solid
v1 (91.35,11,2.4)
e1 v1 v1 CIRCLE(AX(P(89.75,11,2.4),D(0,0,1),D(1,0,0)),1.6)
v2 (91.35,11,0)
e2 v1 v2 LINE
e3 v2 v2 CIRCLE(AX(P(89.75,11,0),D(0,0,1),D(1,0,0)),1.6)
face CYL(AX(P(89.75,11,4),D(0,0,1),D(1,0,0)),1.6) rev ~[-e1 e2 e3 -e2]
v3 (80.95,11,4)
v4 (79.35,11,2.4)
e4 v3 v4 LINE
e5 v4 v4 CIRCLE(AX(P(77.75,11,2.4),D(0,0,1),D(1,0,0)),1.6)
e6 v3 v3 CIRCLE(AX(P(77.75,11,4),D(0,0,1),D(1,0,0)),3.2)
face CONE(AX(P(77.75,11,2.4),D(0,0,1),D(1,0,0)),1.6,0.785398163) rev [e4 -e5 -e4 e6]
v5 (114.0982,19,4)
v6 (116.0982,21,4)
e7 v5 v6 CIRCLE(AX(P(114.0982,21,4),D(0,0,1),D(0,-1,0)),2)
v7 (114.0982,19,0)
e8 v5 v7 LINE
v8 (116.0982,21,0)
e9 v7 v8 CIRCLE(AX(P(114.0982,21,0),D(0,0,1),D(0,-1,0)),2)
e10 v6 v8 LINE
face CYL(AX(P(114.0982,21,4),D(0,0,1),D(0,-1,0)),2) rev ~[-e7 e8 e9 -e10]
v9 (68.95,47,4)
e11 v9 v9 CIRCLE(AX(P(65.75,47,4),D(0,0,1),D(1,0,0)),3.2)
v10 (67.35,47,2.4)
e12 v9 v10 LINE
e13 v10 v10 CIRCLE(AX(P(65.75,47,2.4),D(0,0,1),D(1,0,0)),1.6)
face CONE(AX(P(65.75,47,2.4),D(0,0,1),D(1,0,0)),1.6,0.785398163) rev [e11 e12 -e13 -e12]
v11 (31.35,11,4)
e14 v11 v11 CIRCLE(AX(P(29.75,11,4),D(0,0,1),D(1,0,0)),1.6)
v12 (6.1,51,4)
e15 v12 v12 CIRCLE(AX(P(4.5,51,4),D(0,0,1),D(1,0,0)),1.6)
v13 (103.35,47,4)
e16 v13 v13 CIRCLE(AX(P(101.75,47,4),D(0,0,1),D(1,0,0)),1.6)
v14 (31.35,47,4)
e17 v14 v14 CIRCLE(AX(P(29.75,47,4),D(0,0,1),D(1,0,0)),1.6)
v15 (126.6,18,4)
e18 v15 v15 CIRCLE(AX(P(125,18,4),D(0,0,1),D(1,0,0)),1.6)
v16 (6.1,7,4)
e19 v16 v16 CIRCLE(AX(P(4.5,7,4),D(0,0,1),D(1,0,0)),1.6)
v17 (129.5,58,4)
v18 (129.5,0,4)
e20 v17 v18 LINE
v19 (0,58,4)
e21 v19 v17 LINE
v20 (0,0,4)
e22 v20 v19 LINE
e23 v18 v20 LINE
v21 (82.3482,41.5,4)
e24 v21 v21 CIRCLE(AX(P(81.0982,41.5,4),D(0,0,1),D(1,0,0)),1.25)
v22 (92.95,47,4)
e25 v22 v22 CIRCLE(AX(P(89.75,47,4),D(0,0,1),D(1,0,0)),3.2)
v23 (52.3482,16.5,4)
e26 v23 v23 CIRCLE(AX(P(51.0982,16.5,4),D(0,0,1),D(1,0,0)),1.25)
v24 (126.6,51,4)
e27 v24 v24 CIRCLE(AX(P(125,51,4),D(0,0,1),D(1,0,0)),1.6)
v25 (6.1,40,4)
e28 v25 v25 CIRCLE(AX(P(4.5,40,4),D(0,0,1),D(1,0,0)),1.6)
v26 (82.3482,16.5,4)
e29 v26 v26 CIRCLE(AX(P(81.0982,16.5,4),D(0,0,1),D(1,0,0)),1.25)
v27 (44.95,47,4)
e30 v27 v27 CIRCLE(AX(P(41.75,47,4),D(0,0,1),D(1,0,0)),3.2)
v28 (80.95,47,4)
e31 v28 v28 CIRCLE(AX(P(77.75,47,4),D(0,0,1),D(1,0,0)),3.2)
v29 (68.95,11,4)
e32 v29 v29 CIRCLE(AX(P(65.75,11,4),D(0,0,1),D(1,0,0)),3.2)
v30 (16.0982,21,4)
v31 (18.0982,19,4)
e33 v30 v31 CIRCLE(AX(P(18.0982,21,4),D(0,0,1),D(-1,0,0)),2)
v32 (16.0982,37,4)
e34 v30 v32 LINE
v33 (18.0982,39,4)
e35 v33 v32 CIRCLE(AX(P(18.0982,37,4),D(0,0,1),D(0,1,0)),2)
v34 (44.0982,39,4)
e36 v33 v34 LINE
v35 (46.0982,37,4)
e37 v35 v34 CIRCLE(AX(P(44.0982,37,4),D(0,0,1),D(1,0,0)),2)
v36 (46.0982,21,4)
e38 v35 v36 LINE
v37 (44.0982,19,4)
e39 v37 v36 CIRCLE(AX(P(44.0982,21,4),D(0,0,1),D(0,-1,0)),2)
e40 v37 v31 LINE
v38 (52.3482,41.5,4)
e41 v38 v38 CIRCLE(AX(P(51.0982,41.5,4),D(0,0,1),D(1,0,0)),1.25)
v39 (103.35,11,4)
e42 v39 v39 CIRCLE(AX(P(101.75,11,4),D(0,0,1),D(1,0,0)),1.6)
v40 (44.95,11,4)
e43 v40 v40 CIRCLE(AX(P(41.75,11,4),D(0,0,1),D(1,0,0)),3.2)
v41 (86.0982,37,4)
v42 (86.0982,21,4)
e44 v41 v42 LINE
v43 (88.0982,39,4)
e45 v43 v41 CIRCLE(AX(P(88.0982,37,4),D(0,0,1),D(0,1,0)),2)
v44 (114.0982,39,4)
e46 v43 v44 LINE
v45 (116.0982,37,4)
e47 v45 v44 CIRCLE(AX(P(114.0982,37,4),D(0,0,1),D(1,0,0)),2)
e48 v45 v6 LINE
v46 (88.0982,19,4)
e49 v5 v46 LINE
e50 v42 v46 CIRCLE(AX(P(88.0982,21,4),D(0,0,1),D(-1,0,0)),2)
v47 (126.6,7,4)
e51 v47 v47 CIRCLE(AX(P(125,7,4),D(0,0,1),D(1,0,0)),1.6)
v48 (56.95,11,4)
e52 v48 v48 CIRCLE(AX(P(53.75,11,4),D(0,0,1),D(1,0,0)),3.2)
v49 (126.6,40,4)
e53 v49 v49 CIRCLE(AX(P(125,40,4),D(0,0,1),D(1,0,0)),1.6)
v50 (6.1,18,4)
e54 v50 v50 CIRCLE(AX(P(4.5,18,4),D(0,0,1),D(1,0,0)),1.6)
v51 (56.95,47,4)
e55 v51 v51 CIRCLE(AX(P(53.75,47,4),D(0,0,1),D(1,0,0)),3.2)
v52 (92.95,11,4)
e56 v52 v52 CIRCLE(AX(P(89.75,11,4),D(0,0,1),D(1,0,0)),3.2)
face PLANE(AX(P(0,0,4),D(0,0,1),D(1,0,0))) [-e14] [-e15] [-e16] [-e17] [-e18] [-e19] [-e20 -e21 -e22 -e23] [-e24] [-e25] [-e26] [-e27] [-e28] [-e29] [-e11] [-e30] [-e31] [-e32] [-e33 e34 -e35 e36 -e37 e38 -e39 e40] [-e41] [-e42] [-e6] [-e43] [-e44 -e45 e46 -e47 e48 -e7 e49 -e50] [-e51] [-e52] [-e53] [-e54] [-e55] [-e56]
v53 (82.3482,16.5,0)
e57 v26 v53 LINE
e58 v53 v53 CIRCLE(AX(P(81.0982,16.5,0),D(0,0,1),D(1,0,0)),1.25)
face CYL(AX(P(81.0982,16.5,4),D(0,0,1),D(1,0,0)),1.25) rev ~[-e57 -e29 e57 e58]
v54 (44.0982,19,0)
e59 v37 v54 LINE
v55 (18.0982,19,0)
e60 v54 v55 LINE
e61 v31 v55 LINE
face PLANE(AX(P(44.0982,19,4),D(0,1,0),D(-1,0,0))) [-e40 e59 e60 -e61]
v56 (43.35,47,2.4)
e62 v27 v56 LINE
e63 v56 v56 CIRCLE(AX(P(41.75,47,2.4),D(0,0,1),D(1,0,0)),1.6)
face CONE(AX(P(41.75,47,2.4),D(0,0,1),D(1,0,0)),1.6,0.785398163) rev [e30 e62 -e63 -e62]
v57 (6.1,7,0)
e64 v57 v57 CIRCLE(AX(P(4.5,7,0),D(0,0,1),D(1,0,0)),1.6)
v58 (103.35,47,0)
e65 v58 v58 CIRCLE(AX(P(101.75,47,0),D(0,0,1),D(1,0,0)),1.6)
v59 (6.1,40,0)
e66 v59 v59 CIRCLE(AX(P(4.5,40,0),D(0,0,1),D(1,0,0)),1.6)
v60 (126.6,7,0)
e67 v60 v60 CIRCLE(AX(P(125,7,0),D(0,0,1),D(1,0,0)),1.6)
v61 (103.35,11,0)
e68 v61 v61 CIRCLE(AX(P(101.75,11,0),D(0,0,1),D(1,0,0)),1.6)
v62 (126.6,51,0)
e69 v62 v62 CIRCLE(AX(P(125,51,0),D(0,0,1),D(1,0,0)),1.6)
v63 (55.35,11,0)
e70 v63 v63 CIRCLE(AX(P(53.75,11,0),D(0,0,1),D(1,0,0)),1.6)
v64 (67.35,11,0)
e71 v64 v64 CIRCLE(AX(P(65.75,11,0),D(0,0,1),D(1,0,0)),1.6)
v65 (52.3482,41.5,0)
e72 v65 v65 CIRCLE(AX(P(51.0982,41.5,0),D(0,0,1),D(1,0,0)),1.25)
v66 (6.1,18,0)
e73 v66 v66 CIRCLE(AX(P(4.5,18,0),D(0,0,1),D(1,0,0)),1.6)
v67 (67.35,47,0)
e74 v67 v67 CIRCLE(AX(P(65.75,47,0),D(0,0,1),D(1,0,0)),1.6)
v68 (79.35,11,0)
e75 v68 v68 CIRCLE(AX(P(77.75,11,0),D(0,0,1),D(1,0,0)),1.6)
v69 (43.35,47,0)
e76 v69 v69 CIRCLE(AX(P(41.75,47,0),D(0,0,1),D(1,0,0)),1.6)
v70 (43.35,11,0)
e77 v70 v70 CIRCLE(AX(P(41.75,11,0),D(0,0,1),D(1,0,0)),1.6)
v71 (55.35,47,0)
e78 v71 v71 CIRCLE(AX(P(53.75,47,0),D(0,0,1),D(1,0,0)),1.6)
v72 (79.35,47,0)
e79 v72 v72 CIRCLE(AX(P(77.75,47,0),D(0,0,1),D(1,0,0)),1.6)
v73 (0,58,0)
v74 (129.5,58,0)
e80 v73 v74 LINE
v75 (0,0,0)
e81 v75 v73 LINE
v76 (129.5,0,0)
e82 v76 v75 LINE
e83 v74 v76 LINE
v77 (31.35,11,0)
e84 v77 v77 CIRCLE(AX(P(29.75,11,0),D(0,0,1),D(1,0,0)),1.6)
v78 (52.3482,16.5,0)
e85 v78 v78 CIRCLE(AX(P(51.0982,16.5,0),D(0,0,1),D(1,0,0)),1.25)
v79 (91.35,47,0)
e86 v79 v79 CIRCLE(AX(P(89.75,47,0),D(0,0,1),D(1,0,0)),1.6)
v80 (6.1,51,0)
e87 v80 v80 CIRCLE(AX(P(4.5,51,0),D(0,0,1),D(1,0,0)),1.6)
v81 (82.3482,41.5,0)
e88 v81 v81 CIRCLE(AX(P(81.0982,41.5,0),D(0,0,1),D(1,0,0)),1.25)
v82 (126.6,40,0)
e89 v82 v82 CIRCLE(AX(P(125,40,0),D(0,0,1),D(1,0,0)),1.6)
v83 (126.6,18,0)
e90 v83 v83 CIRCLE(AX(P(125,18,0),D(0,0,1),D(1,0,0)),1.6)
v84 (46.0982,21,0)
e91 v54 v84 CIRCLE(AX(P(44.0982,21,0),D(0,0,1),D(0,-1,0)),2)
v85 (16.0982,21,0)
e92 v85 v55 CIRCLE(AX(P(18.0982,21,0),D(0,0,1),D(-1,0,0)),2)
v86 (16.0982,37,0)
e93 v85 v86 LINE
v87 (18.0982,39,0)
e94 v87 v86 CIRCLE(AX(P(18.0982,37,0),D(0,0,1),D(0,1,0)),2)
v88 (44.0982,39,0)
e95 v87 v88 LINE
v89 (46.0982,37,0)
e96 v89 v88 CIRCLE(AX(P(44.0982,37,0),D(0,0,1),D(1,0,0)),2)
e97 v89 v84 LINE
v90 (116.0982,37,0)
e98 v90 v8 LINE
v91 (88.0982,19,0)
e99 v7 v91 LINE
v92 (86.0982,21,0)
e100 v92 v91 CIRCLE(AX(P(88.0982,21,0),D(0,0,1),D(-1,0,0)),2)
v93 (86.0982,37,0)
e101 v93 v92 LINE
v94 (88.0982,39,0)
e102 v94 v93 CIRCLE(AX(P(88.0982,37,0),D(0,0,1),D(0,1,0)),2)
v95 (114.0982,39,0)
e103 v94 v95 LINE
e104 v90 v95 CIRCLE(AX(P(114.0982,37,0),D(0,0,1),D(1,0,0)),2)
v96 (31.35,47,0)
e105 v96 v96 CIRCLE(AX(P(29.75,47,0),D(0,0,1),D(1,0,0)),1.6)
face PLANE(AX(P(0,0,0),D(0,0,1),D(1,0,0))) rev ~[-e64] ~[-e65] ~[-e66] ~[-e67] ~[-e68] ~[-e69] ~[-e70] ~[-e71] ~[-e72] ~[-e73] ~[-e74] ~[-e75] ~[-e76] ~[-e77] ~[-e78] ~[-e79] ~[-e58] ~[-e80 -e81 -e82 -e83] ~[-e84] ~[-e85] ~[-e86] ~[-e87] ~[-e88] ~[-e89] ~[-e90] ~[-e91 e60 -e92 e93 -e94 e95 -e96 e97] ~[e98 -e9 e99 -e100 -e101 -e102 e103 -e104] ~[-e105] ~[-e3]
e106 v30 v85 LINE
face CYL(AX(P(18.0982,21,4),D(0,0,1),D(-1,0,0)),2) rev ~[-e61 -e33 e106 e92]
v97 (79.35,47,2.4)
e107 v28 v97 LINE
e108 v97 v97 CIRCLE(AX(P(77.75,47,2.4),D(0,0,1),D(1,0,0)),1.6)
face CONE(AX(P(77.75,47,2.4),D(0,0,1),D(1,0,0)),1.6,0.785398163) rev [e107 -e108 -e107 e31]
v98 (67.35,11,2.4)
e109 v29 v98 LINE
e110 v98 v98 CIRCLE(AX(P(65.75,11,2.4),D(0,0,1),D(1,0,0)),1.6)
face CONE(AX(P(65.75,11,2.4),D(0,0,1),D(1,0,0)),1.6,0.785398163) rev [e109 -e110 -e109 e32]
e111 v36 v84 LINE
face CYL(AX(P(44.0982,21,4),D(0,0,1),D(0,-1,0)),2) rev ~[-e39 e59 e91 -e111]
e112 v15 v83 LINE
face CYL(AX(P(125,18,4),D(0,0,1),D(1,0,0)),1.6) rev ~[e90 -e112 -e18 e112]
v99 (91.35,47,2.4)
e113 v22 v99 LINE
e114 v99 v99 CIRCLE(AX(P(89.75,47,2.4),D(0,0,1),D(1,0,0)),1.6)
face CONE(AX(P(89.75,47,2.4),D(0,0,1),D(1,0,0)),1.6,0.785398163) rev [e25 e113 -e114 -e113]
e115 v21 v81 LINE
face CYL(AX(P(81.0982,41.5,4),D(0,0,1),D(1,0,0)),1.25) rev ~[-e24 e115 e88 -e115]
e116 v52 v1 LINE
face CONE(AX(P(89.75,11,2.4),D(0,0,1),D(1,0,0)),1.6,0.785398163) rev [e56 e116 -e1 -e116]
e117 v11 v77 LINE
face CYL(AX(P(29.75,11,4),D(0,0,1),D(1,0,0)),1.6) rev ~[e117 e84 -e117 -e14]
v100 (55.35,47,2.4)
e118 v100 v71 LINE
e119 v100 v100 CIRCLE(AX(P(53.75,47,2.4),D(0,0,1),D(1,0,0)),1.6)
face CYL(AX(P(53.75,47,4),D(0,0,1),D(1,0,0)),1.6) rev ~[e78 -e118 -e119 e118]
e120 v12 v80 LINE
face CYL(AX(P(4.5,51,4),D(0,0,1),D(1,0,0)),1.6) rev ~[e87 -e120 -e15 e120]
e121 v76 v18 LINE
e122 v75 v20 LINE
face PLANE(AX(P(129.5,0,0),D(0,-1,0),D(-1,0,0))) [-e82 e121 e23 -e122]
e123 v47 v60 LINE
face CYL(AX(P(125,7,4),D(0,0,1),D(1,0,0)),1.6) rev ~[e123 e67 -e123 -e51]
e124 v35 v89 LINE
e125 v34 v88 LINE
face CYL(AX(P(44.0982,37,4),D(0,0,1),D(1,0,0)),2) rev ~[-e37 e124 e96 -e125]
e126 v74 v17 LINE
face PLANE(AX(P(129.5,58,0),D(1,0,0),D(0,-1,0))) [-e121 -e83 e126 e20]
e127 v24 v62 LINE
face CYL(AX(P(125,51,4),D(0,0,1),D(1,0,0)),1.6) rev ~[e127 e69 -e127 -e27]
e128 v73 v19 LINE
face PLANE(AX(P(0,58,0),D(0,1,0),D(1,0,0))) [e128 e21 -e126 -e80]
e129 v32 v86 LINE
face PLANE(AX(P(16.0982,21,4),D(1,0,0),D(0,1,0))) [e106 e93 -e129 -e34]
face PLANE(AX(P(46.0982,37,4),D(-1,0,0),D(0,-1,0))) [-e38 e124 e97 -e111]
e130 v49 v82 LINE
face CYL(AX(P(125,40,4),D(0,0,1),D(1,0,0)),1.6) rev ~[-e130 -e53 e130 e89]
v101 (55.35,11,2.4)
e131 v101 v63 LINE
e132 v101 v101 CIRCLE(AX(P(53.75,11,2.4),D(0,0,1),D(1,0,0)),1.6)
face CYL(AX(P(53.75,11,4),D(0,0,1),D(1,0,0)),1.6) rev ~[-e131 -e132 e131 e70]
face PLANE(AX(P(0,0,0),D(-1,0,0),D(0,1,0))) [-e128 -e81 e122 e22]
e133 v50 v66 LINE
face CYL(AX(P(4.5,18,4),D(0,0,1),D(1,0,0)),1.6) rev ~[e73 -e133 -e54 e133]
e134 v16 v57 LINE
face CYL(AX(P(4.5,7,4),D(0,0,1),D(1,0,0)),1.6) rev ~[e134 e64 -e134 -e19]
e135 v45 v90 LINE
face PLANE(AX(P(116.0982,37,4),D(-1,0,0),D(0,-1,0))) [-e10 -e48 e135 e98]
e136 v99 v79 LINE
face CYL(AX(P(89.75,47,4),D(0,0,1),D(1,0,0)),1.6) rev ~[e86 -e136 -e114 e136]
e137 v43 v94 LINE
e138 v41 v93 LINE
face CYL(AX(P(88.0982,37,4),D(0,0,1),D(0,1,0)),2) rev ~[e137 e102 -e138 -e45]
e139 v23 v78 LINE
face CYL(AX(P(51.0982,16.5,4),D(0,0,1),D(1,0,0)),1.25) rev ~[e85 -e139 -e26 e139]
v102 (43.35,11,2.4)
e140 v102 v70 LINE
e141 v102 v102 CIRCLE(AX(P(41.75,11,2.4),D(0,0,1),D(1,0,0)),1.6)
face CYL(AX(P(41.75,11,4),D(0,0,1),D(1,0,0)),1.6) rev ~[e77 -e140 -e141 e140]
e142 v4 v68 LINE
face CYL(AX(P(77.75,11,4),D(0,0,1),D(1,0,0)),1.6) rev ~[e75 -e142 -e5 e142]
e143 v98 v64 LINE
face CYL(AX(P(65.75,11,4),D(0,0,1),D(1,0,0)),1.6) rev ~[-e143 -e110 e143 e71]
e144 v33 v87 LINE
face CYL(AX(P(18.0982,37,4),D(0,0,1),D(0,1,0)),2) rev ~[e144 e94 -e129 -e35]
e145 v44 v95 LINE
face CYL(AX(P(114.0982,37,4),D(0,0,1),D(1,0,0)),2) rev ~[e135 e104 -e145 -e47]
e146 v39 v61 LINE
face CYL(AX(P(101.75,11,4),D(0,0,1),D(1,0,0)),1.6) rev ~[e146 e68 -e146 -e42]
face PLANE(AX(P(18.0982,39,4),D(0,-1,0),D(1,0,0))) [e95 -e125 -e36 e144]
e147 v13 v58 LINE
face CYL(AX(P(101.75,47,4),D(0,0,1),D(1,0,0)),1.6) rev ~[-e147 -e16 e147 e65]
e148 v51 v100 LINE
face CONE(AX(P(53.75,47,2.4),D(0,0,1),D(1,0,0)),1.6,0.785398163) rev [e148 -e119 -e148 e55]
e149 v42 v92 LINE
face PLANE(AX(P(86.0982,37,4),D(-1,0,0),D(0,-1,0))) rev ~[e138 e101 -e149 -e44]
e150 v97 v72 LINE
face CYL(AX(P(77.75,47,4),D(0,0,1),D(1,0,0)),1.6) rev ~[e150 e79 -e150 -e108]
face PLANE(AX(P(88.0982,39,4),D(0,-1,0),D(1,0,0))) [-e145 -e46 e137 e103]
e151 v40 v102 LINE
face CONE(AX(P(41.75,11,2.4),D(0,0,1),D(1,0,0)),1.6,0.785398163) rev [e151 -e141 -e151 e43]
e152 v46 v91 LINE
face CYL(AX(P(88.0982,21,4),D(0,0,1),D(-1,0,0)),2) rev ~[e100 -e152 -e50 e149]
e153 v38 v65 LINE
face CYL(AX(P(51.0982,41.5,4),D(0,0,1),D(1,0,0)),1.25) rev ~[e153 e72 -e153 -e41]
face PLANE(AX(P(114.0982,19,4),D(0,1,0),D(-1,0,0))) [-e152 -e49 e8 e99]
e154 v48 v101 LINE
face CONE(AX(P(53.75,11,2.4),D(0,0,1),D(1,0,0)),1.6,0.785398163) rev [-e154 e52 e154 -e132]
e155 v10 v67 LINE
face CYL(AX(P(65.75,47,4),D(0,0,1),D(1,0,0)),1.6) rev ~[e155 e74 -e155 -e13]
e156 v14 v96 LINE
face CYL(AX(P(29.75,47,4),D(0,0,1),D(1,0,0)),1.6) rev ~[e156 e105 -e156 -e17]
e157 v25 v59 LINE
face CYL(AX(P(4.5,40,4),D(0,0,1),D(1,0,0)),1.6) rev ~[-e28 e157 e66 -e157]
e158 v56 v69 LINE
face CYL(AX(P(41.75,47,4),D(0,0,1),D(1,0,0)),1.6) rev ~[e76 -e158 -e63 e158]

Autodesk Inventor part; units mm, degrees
ref_plane "YZ Plane" through (0, 0, 0) normal (1, 0, 0) x (0, 1, 0)
ref_plane "XZ Plane" through (0, 0, 0) normal (0, 1, 0) x (-1, 0, 0)
ref_plane "XY Plane" through (0, 0, 0) normal (0, 0, 1) x (1, 0, 0)
sketch "스케치1" plane through (0, 0, 0) normal (0, 0, 1) x (1, 0, 0)
  line L0 (0, 0) -> (0, 58)
  line L1 (0, 58) -> (129.5, 58)
  line L2 (129.5, 58) -> (129.5, 0)
  line L3 (129.5, 0) -> (0, 0)
  dimension "d0" = 58
  dimension "d1" = 129.5
extrude "돌출1" add sketch "스케치1" along normal blind 4
sketch "스케치2" plane through (0, 0, 4) normal (0, 0, 1) x (1, 0, 0)
  line L0 (62.75, 50) -> (62.75, 8)
  line L1 (32.75, 50) -> (57.25, 50)
  line L2 (62.75, 50) -> (69.25, 50)
  line L3 (81.25, 8) -> (81.25, 50)
  line L4 (74.75, 50) -> (81.25, 50)
  line L5 (74.75, 50) -> (74.75, 8)
  line L6 (74.75, 8) -> (81.25, 8)
  circle A0 centre (77.75, 47) radius 1.6
  circle A1 centre (77.75, 11) radius 1.6
  line L7 (93.25, 8) -> (93.25, 50)
  line L8 (86.75, 50) -> (93.25, 50)
  line L9 (86.75, 50) -> (86.75, 8)
  line L10 (86.75, 8) -> (93.25, 8)
  circle A2 centre (89.75, 47) radius 1.6
  circle A3 centre (89.75, 11) radius 1.6
  line L11 (57.25, 8) -> (57.25, 50)
  line L12 (32.75, 50) -> (57.25, 50)
  line L13 (32.75, 50) -> (32.75, 54)
  line L14 (26.75, 54) -> (32.75, 54)
  line L15 (26.75, 4) -> (26.75, 54)
  line L16 (26.75, 4) -> (32.75, 4)
  line L17 (32.75, 4) -> (32.75, 8)
  line L18 (32.75, 8) -> (57.25, 8)
  circle A4 centre (29.75, 47) radius 1.6
  circle A5 centre (29.75, 11) radius 1.6
  circle A6 centre (41.75, 47) radius 1.6
  circle A7 centre (41.75, 11) radius 1.6
  circle A8 centre (53.75, 47) radius 1.6
  circle A9 centre (53.75, 11) radius 1.6
  line L19 (62.75, 8) -> (69.25, 8)
  circle A10 centre (65.75, 47) radius 1.6
  circle A11 centre (65.75, 11) radius 1.6
  circle A12 centre (101.75, 11) radius 1.6
  circle A13 centre (113.75, 11) radius 1.6
  circle A14 centre (113.75, 47) radius 1.6
  circle A15 centre (101.75, 47) radius 1.6
  circle A16 centre (5.75, 11) radius 1.6
  circle A17 centre (5.75, 47) radius 1.6
  line L20 (113.75, 11) -> (113.75, 47)
  line L21 (5.75, 11) -> (5.75, 47)
  line L22 (129.5, 0) -> (129.5, 58) projected
  line L23 (0, 0) -> (129.5, 0) projected
  line L24 (0, 58) -> (0, 0) projected
  line L25 (113.75, 47) -> (132.75, 47)
  line L26 (113.75, 11) -> (132.75, 11)
  line L27 (132.75, 11) -> (132.75, 47)
  line L28 (5.75, 47) -> (-3.25, 47)
  line L29 (-3.25, 47) -> (-3.25, 11)
  line L30 (-3.25, 11) -> (5.75, 11)
  line L31 (-3.25, 29) -> (132.75, 29)
  line L32 (0, 58) -> (-3.25, 58)
  line L33 (-3.25, 58) -> (-3.25, 0)
  line L34 (-3.25, 0) -> (0, 0)
  dimension "d27" = 19
  dimension "d28" = 9
  dimension "d30" = 3.25
  dimension "d31" = 21
  dimension "d32" = 5.5
  dimension "d34" = 3.25
extrude "돌출2" cut sketch "스케치2" against normal blind 6 contours L21 L30 A16 | A16 L30 L21 | L21 L28 A17 | A17 L28 L21 | L20 L26 A13 | A13 L26 L20 | L20 L25 A14 | A14 L25 L20 | A0 | A1 | A2 | A3 | A4 | A5 | A6 | A7 | A8 | A9 | A10 | A11 | A12 | A15
sketch "스케치3" plane through (0, 0, 4) normal (0, 0, 1) x (1, 0, 0)
  circle A0 centre (29.75, 47) radius 1.6 projected
  circle A1 centre (41.75, 11) radius 1.6 projected
  circle A2 centre (89.75, 11) radius 1.6 projected
  circle A3 centre (101.75, 47) radius 1.6 projected
  circle A4 centre (113.75, 11) radius 1.6 projected
  circle A5 centre (89.75, 47) radius 1.6 projected
  circle A6 centre (77.75, 11) radius 1.6 projected
  circle A7 centre (29.75, 11) radius 1.6 projected
  circle A8 centre (5.75, 47) radius 1.6 projected
  circle A9 centre (41.75, 47) radius 1.6 projected
  circle A10 centre (53.75, 11) radius 1.6 projected
  circle A11 centre (65.75, 47) radius 1.6 projected
  circle A12 centre (113.75, 47) radius 1.6 projected
  circle A13 centre (101.75, 11) radius 1.6 projected
  circle A14 centre (77.75, 47) radius 1.6 projected
  circle A15 centre (65.75, 11) radius 1.6 projected
  circle A16 centre (53.75, 47) radius 1.6 projected
  circle A17 centre (5.75, 11) radius 1.6 projected
  line L0 (129.5, 58) -> (0, 58) projected
  line L1 (0, 58) -> (0, 0) projected
  line L2 (0, 0) -> (129.5, 0) projected
  line L3 (129.5, 0) -> (129.5, 58) projected
extrude "돌출3" add sketch "스케치3" against normal blind 4 contours A4 | A8 | A12 | A17
sketch "스케치4" plane through (0, 0, 4) normal (0, 0, 1) x (1, 0, 0)
  line L0 (129.5, 58) -> (0, 58) projected
  line L1 (4.5, 58) -> (4.5, 0) construction
  line L2 (0, 0) -> (129.5, 0) projected
  line L3 (0, 58) -> (0, 0) projected
  line L4 (64.75, 58) -> (64.75, 0) construction
  circle A0 centre (4.5, 51) radius 1.6
  circle A1 centre (4.5, 40) radius 1.6
  circle A2 centre (4.5, 18) radius 1.6
  circle A3 centre (4.5, 7) radius 1.6
  circle A4 centre (125, 51) radius 1.6
  circle A5 centre (125, 40) radius 1.6
  circle A6 centre (125, 18) radius 1.6
  circle A7 centre (125, 7) radius 1.6
  dimension "d10" = 4.5
  dimension "d11" = 3.2
  dimension "d12" = 3.2
  dimension "d13" = 3.2
  dimension "d14" = 3.2
  dimension "d15" = 11
  dimension "d16" = 22
  dimension "d17" = 11
  dimension "d18" = 7
extrude "돌출4" cut sketch "스케치4" against normal blind 4
sketch "스케치5" plane through (0, 0, 4) normal (0, 0, 1) x (1, 0, 0)
  line L0 (116.0982, 37) -> (116.0982, 21)
  line L1 (16.0982, 21) -> (16.0982, 37)
  line L2 (0, 0) -> (129.5, 0) projected
  arc A0 (18.0982, 39) -> (16.0982, 37) centre (18.0982, 37) ccw
  arc A1 (16.0982, 21) -> (18.0982, 19) centre (18.0982, 21) ccw
  arc A2 (116.0982, 37) -> (114.0982, 39) centre (114.0982, 37) ccw
  arc A3 (114.0982, 19) -> (116.0982, 21) centre (114.0982, 21) ccw
  line L3 (66.0982, 39) -> (66.0982, 19)
  line L4 (46.0982, 37) -> (46.0982, 21)
  line L5 (86.0982, 37) -> (86.0982, 21)
  line L6 (18.0982, 39) -> (44.0982, 39)
  line L7 (88.0982, 39) -> (114.0982, 39)
  line L8 (114.0982, 19) -> (88.0982, 19)
  line L9 (44.0982, 19) -> (18.0982, 19)
  arc A4 (46.0982, 37) -> (44.0982, 39) centre (44.0982, 37) ccw
  arc A5 (44.0982, 19) -> (46.0982, 21) centre (44.0982, 21) ccw
  arc A6 (86.0982, 21) -> (88.0982, 19) centre (88.0982, 21) ccw
  arc A7 (88.0982, 39) -> (86.0982, 37) centre (88.0982, 37) ccw
  point P0 (16.0982, 39)
  point P1 (116.0982, 19)
  point P2 (116.0982, 39)
  dimension "d35" = 100
  dimension "d36" = 20
  dimension "d38" = 2
  dimension "d41" = 20
  dimension "d42" = 20
  dimension "d43" = 2
extrude "돌출5" cut sketch "스케치5" against normal blind 4
sketch "스케치6" plane through (0, 0, 4) normal (0, 0, 1) x (1, 0, 0)
  line L0 (81.0982, 41.5) -> (81.0982, 16.5) construction
  line L1 (81.0982, 16.5) -> (51.0982, 16.5) construction
  line L2 (51.0982, 16.5) -> (51.0982, 41.5) construction
  line L3 (51.0982, 41.5) -> (81.0982, 41.5) construction
  circle A0 centre (81.0982, 41.5) radius 1.25
  circle A1 centre (81.0982, 16.5) radius 1.25
  circle A2 centre (51.0982, 41.5) radius 1.25
  circle A3 centre (51.0982, 16.5) radius 1.25
  line L4 (46.0982, 37) -> (46.0982, 21) projected
  line L5 (129.5, 58) -> (0, 58) projected
  point P0 (0, 0)
  point P1 (66.0982, 29)
  dimension "d44" = 25
  dimension "d45" = 30
  dimension "d46" = 15
  dimension "d47" = 12.5
  dimension "d48" = 2.5
  dimension "d49" = 2.5
  dimension "d50" = 2.5
  dimension "d51" = 2.5
  dimension "d52" = 5
  dimension "d53" = 16.5
extrude "돌출6" cut sketch "스케치6" against normal blind 10
chamfer "모따기1" distance 1.6 angle 45 10 edges at (52.15, 47, 4) (40.15, 47, 4) (64.15, 47, 4) (76.15, 47, 4) (88.15, 47, 4) (88.15, 11, 4) (76.15, 11, 4) (64.15, 11, 4) (52.15, 11, 4) (40.15, 11, 4)
properties part number "조인트3받침_6T" material "알루미늄 6061"
